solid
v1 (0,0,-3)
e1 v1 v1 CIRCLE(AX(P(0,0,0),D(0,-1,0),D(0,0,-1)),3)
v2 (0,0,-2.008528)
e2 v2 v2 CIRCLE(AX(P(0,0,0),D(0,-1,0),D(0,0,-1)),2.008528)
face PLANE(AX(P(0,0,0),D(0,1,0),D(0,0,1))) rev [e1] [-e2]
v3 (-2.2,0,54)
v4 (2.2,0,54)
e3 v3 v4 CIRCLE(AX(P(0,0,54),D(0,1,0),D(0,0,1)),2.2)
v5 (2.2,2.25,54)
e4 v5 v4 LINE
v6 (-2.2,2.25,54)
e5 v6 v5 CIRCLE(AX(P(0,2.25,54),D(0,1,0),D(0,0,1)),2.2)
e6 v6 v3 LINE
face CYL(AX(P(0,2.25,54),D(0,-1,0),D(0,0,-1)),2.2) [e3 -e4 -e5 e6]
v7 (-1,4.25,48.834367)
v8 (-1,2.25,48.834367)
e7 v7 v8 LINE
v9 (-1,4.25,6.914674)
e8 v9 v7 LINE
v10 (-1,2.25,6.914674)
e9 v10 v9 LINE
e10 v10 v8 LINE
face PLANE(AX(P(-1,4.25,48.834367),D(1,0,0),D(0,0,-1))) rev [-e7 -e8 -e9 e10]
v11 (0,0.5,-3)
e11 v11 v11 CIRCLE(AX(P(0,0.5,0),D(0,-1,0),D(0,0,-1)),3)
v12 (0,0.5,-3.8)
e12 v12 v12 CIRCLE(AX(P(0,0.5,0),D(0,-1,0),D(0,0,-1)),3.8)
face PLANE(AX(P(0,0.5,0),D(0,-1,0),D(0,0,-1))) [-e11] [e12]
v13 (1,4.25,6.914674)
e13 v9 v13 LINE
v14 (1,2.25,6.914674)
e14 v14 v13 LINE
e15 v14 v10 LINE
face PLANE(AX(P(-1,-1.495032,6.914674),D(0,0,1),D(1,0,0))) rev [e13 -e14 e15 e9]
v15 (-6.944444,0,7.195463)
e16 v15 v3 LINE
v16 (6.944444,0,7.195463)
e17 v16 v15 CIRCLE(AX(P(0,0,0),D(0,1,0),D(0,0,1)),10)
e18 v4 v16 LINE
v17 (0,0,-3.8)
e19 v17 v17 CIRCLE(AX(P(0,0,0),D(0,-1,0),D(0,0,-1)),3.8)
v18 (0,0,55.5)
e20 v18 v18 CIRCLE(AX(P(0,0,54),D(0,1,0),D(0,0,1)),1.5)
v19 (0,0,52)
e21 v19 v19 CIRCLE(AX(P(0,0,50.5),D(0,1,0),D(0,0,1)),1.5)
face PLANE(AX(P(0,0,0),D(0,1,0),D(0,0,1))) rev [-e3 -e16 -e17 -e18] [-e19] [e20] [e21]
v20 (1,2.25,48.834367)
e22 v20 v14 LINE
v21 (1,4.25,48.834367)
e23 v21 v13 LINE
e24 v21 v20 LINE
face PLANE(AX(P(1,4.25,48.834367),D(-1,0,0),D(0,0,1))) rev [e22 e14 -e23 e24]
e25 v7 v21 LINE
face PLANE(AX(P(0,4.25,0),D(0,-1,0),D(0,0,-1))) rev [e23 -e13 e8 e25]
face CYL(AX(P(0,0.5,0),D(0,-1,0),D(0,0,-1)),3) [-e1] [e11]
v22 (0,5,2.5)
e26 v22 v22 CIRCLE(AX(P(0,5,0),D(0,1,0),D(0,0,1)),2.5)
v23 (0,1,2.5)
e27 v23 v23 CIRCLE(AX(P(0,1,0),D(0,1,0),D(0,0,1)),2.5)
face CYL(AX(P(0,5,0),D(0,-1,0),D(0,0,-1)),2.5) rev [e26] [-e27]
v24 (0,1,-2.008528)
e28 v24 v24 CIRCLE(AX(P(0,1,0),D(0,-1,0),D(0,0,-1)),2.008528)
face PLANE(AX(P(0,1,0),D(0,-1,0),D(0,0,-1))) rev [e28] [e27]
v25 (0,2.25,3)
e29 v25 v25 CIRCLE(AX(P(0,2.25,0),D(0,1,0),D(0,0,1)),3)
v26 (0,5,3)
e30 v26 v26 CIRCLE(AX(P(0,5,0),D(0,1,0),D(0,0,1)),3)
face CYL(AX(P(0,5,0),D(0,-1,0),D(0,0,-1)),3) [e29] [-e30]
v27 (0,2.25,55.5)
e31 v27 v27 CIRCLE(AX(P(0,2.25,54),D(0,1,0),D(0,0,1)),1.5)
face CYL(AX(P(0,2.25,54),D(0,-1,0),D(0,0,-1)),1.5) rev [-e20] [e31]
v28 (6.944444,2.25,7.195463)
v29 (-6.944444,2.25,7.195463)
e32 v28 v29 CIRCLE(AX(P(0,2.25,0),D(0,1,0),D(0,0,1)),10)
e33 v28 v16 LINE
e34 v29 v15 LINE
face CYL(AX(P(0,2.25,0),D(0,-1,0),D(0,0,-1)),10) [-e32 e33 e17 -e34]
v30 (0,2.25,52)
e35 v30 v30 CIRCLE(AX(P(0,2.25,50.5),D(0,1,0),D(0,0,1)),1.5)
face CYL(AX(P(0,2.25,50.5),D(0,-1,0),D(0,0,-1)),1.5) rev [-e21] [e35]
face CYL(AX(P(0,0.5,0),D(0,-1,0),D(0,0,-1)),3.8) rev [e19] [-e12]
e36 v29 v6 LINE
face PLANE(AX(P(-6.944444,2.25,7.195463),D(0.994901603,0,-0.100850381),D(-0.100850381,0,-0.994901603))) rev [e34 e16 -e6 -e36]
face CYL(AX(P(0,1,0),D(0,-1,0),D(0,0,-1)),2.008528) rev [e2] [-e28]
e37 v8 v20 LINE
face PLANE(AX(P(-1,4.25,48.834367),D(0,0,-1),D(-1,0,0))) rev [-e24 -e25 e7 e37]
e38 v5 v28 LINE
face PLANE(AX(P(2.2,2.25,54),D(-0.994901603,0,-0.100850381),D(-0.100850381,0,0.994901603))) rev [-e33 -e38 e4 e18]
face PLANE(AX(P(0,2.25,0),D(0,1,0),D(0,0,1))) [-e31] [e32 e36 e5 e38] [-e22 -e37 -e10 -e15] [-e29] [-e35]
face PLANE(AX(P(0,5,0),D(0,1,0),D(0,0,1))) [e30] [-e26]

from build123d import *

# Parameters (mm, degrees)
SKETCH1_R           = 3
SKETCH1_R_2         = 1.5
BOSS_EXTRUDE1_DEPTH = 2.25
SKETCH2_R           = 3.879501895
BOSS_EXTRUDE2_DEPTH = 2.25
SKETCH3_R           = 3
SKETCH3_R_2         = 2.008527967
BOSS_EXTRUDE3_DEPTH = 1
SKETCH4_R           = 3.8
SKETCH4_R_2         = 3
CUT_EXTRUDE1_DEPTH  = 0.5
SKETCH5_W           = 2
SKETCH5_H           = 45.085962507
BOSS_EXTRUDE4_DEPTH = 2
CUT_EXTRUDE2_START  = -2.25
SKETCH7_R           = 3.879501895
CUT_EXTRUDE2_DEPTH  = 2.25
SKETCH8_R           = 3
SKETCH8_R_2         = 2.5
BOSS_EXTRUDE5_DEPTH = 4
SKETCH9_W           = 2
SKETCH9_H           = 3.166270057
CUT_EXTRUDE3_DEPTH  = 2


with BuildPart() as part:
    # Sketch1 → Boss-Extrude1 (new body)
    with BuildSketch(Plane(origin=(0, 0, 0), x_dir=(1, 0, 0), z_dir=(0, 1, 0))):
        with BuildLine():
            Line((2.2, -54), (6.944444444, -7.195463248))
            ThreePointArc((6.944444444, -7.195463248), (0, 10), (-6.944444444, -7.195463248))
            Line((-6.944444444, -7.195463248), (-2.2, -54))
            ThreePointArc((-2.2, -54), (0, -56.2), (2.2, -54))
        make_face()
        with Locations(Location((0, 0, 0), (0, 0, 270))):
            Circle(SKETCH1_R, mode=Mode.SUBTRACT)
        with Locations(Location((0, -54, 0), (0, 0, 270))):
            Circle(SKETCH1_R_2, mode=Mode.SUBTRACT)
        with Locations(Location((0, -50.5, 0), (0, 0, 270))):
            Circle(SKETCH1_R_2, mode=Mode.SUBTRACT)
    extrude(amount=BOSS_EXTRUDE1_DEPTH)

    # Sketch2 → Boss-Extrude2 (add)
    with BuildSketch(Plane(origin=(0, 2.25, 0), x_dir=(1, 0, 0), z_dir=(0, 1, 0))):
        with Locations(Location((0, 0, 0), (0, 0, 270))):
            Circle(SKETCH2_R)
        with BuildLine():
            Line((1.96, 0), (2.349274052, 0.224747479))
            ThreePointArc((2.349274052, 0.224747479), (2.341390695, 0.295786431), (2.331359713, 0.366554076))
            Line((2.331359713, 0.366554076), (1.898422996, 0.487432179))
            Line((1.898422996, 0.487432179), (2.219574862, 0.801927322))
            ThreePointArc((2.219574862, 0.801927322), (2.194272507, 0.868773944), (2.166957468, 0.934823689))
            Line((2.166957468, 0.934823689), (1.717561093, 0.944237201))
            Line((1.717561093, 0.944237201), (1.950411621, 1.328719123))
            ThreePointArc((1.950411621, 1.328719123), (1.909280107, 1.387173195), (1.866397317, 1.444354892))
            Line((1.866397317, 1.444354892), (1.42877851, 1.341712328))
            Line((1.42877851, 1.341712328), (1.558696845, 1.772022614))
            ThreePointArc((1.558696845, 1.772022614), (1.504320616, 1.818411253), (1.448564558, 1.863131966))
            Line((1.448564558, 1.863131966), (1.050220518, 1.654882734))
            Line((1.050220518, 1.654882734), (1.069043413, 2.103983408))
            ThreePointArc((1.069043413, 2.103983408), (1.004839128, 2.135391844), (0.939713161, 2.164841605))
            Line((0.939713161, 2.164841605), (0.605673309, 1.864070772))
            Line((0.605673309, 1.864070772), (0.512218052, 2.303743186))
            ThreePointArc((0.512218052, 2.303743186), (0.442219902, 2.318197912), (0.371816129, 2.330526285))
            Line((0.371816129, 2.330526285), (0.123069418, 1.956132388))
            Line((0.123069418, 1.956132388), (-0.076791853, 2.358750307))
            ThreePointArc((-0.076791853, 2.358750307), (-0.148185626, 2.355343079), (-0.219443477, 2.349775428))
            Line((-0.219443477, 2.349775428), (-0.367267377, 1.925283011))
            Line((-0.367267377, 1.925283011), (-0.660976643, 2.265548472))
            ThreePointArc((-0.660976643, 2.265548472), (-0.729280107, 2.244493378), (-0.796914643, 2.221379538))
            Line((-0.796914643, 2.221379538), (-0.834527411, 1.773461023))
            Line((-0.834527411, 1.773461023), (-1.20362984, 2.029993894))
            ThreePointArc((-1.20362984, 2.029993894), (-1.264551236, 1.992613904), (-1.324312731, 1.953406202))
            Line((-1.324312731, 1.953406202), (-1.24935102, 1.510205956))
            Line((-1.24935102, 1.510205956), (-1.670654548, 1.666887333))
            ThreePointArc((-1.670654548, 1.666887333), (-1.720365961, 1.61553117), (-1.768499379, 1.562693171))
            Line((-1.768499379, 1.562693171), (-1.585673309, 1.152059094))
            Line((-1.585673309, 1.152059094), (-2.032705886, 1.199044112))
            ThreePointArc((-2.032705886, 1.199044112), (-2.068083765, 1.136938671), (-2.101564707, 1.07379038))
            Line((-2.101564707, 1.07379038), (-1.822361912, 0.721524123))
            Line((-1.822361912, 0.721524123), (-2.267034837, 0.655860539))
            ThreePointArc((-2.267034837, 0.655860539), (-2.28585626, 0.586908134), (-2.302580996, 0.517417391))
            Line((-2.302580996, 0.517417391), (-1.944544815, 0.245653138))
            Line((-1.944544815, 0.245653138), (-2.358917653, 0.071466836))
            ThreePointArc((-2.358917653, 0.071466836), (-2.36, 0), (-2.358917653, -0.071466836))
            Line((-2.358917653, -0.071466836), (-1.944544815, -0.245653138))
            Line((-1.944544815, -0.245653138), (-2.302580996, -0.517417391))
            ThreePointArc((-2.302580996, -0.517417391), (-2.28585626, -0.586908134), (-2.267034837, -0.655860539))
            Line((-2.267034837, -0.655860539), (-1.822361912, -0.721524123))
            Line((-1.822361912, -0.721524123), (-2.101564707, -1.07379038))
            ThreePointArc((-2.101564707, -1.07379038), (-2.068083765, -1.136938671), (-2.032705886, -1.199044112))
            Line((-2.032705886, -1.199044112), (-1.585673309, -1.152059094))
            Line((-1.585673309, -1.152059094), (-1.768499379, -1.562693171))
            ThreePointArc((-1.768499379, -1.562693171), (-1.720365961, -1.61553117), (-1.670654548, -1.666887333))
            Line((-1.670654548, -1.666887333), (-1.24935102, -1.510205956))
            Line((-1.24935102, -1.510205956), (-1.324312731, -1.953406202))
            ThreePointArc((-1.324312731, -1.953406202), (-1.264551236, -1.992613904), (-1.20362984, -2.029993894))
            Line((-1.20362984, -2.029993894), (-0.834527411, -1.773461023))
            Line((-0.834527411, -1.773461023), (-0.796914643, -2.221379538))
            ThreePointArc((-0.796914643, -2.221379538), (-0.729280107, -2.244493378), (-0.660976643, -2.265548472))
            Line((-0.660976643, -2.265548472), (-0.367267377, -1.925283011))
            Line((-0.367267377, -1.925283011), (-0.219443477, -2.349775428))
            ThreePointArc((-0.219443477, -2.349775428), (-0.148185626, -2.355343079), (-0.076791853, -2.358750307))
            Line((-0.076791853, -2.358750307), (0.123069418, -1.956132388))
            Line((0.123069418, -1.956132388), (0.371816129, -2.330526285))
            ThreePointArc((0.371816129, -2.330526285), (0.442219902, -2.318197912), (0.512218052, -2.303743186))
            Line((0.512218052, -2.303743186), (0.605673309, -1.864070772))
            Line((0.605673309, -1.864070772), (0.939713161, -2.164841605))
            ThreePointArc((0.939713161, -2.164841605), (1.004839128, -2.135391844), (1.069043413, -2.103983408))
            Line((1.069043413, -2.103983408), (1.050220518, -1.654882734))
            Line((1.050220518, -1.654882734), (1.448564558, -1.863131966))
            ThreePointArc((1.448564558, -1.863131966), (1.504320616, -1.818411253), (1.558696845, -1.772022614))
            Line((1.558696845, -1.772022614), (1.42877851, -1.341712328))
            Line((1.42877851, -1.341712328), (1.866397317, -1.444354892))
            ThreePointArc((1.866397317, -1.444354892), (1.909280107, -1.387173195), (1.950411621, -1.328719123))
            Line((1.950411621, -1.328719123), (1.717561093, -0.944237201))
            Line((1.717561093, -0.944237201), (2.166957468, -0.934823689))
            ThreePointArc((2.166957468, -0.934823689), (2.194272507, -0.868773944), (2.219574862, -0.801927322))
            Line((2.219574862, -0.801927322), (1.898422996, -0.487432179))
            Line((1.898422996, -0.487432179), (2.331359713, -0.366554076))
            ThreePointArc((2.331359713, -0.366554076), (2.341390695, -0.295786431), (2.349274052, -0.224747479))
            Line((2.349274052, -0.224747479), (1.96, 0))
        make_face(mode=Mode.SUBTRACT)
    extrude(amount=BOSS_EXTRUDE2_DEPTH)

    # Sketch3 → Boss-Extrude3 (add)
    with BuildSketch(Plane.XZ):
        with Locations(Location((0, 0, 0), (0, 0, 270))):
            Circle(SKETCH3_R)
        with Locations(Location((0, 0, 0), (0, 0, 270))):
            Circle(SKETCH3_R_2, mode=Mode.SUBTRACT)
    extrude(amount=-BOSS_EXTRUDE3_DEPTH)

    # Sketch4 → Cut-Extrude1 (cut)
    with BuildSketch(Plane.XZ):
        with Locations(Location((0, 0, 0), (0, 0, 270))):
            Circle(SKETCH4_R)
        with Locations(Location((0, 0, 0), (0, 0, 270))):
            Circle(SKETCH4_R_2, mode=Mode.SUBTRACT)
    extrude(amount=-CUT_EXTRUDE1_DEPTH, mode=Mode.SUBTRACT)

    # Sketch5 → Boss-Extrude4 (add)
    with BuildSketch(Plane(origin=(0, 2.25, 0), x_dir=(1, 0, 0), z_dir=(0, 1, 0))):
        with Locations((0, -26.291385575)):
            Rectangle(SKETCH5_W, SKETCH5_H)
    extrude(amount=BOSS_EXTRUDE4_DEPTH)

    # Sketch7 → Cut-Extrude2 (cut)
    with BuildSketch(Plane(origin=(0, 4.5, 0), x_dir=(1, 0, 0), z_dir=(0, 1, 0)).offset(CUT_EXTRUDE2_START)):
        Circle(SKETCH7_R)
    extrude(amount=CUT_EXTRUDE2_DEPTH, mode=Mode.SUBTRACT)

    # Sketch8 → Boss-Extrude5 (add)
    with BuildSketch(Plane(origin=(0, 1, 0), x_dir=(1, 0, 0), z_dir=(0, 1, 0))):
        with Locations(Location((0, 0, 0), (0, 0, 90))):
            Circle(SKETCH8_R)
        with Locations(Location((0, 0, 0), (0, 0, 270))):
            Circle(SKETCH8_R_2, mode=Mode.SUBTRACT)
    extrude(amount=BOSS_EXTRUDE5_DEPTH)

    # Sketch9 → Cut-Extrude3 (cut)
    with BuildSketch(Plane(origin=(0, 4.25, 0), x_dir=(1, 0, 0), z_dir=(0, 1, 0))):
        with Locations((0, -5.33153935)):
            Rectangle(SKETCH9_W, SKETCH9_H)
    extrude(amount=-CUT_EXTRUDE3_DEPTH, mode=Mode.SUBTRACT)


solid = part.part
